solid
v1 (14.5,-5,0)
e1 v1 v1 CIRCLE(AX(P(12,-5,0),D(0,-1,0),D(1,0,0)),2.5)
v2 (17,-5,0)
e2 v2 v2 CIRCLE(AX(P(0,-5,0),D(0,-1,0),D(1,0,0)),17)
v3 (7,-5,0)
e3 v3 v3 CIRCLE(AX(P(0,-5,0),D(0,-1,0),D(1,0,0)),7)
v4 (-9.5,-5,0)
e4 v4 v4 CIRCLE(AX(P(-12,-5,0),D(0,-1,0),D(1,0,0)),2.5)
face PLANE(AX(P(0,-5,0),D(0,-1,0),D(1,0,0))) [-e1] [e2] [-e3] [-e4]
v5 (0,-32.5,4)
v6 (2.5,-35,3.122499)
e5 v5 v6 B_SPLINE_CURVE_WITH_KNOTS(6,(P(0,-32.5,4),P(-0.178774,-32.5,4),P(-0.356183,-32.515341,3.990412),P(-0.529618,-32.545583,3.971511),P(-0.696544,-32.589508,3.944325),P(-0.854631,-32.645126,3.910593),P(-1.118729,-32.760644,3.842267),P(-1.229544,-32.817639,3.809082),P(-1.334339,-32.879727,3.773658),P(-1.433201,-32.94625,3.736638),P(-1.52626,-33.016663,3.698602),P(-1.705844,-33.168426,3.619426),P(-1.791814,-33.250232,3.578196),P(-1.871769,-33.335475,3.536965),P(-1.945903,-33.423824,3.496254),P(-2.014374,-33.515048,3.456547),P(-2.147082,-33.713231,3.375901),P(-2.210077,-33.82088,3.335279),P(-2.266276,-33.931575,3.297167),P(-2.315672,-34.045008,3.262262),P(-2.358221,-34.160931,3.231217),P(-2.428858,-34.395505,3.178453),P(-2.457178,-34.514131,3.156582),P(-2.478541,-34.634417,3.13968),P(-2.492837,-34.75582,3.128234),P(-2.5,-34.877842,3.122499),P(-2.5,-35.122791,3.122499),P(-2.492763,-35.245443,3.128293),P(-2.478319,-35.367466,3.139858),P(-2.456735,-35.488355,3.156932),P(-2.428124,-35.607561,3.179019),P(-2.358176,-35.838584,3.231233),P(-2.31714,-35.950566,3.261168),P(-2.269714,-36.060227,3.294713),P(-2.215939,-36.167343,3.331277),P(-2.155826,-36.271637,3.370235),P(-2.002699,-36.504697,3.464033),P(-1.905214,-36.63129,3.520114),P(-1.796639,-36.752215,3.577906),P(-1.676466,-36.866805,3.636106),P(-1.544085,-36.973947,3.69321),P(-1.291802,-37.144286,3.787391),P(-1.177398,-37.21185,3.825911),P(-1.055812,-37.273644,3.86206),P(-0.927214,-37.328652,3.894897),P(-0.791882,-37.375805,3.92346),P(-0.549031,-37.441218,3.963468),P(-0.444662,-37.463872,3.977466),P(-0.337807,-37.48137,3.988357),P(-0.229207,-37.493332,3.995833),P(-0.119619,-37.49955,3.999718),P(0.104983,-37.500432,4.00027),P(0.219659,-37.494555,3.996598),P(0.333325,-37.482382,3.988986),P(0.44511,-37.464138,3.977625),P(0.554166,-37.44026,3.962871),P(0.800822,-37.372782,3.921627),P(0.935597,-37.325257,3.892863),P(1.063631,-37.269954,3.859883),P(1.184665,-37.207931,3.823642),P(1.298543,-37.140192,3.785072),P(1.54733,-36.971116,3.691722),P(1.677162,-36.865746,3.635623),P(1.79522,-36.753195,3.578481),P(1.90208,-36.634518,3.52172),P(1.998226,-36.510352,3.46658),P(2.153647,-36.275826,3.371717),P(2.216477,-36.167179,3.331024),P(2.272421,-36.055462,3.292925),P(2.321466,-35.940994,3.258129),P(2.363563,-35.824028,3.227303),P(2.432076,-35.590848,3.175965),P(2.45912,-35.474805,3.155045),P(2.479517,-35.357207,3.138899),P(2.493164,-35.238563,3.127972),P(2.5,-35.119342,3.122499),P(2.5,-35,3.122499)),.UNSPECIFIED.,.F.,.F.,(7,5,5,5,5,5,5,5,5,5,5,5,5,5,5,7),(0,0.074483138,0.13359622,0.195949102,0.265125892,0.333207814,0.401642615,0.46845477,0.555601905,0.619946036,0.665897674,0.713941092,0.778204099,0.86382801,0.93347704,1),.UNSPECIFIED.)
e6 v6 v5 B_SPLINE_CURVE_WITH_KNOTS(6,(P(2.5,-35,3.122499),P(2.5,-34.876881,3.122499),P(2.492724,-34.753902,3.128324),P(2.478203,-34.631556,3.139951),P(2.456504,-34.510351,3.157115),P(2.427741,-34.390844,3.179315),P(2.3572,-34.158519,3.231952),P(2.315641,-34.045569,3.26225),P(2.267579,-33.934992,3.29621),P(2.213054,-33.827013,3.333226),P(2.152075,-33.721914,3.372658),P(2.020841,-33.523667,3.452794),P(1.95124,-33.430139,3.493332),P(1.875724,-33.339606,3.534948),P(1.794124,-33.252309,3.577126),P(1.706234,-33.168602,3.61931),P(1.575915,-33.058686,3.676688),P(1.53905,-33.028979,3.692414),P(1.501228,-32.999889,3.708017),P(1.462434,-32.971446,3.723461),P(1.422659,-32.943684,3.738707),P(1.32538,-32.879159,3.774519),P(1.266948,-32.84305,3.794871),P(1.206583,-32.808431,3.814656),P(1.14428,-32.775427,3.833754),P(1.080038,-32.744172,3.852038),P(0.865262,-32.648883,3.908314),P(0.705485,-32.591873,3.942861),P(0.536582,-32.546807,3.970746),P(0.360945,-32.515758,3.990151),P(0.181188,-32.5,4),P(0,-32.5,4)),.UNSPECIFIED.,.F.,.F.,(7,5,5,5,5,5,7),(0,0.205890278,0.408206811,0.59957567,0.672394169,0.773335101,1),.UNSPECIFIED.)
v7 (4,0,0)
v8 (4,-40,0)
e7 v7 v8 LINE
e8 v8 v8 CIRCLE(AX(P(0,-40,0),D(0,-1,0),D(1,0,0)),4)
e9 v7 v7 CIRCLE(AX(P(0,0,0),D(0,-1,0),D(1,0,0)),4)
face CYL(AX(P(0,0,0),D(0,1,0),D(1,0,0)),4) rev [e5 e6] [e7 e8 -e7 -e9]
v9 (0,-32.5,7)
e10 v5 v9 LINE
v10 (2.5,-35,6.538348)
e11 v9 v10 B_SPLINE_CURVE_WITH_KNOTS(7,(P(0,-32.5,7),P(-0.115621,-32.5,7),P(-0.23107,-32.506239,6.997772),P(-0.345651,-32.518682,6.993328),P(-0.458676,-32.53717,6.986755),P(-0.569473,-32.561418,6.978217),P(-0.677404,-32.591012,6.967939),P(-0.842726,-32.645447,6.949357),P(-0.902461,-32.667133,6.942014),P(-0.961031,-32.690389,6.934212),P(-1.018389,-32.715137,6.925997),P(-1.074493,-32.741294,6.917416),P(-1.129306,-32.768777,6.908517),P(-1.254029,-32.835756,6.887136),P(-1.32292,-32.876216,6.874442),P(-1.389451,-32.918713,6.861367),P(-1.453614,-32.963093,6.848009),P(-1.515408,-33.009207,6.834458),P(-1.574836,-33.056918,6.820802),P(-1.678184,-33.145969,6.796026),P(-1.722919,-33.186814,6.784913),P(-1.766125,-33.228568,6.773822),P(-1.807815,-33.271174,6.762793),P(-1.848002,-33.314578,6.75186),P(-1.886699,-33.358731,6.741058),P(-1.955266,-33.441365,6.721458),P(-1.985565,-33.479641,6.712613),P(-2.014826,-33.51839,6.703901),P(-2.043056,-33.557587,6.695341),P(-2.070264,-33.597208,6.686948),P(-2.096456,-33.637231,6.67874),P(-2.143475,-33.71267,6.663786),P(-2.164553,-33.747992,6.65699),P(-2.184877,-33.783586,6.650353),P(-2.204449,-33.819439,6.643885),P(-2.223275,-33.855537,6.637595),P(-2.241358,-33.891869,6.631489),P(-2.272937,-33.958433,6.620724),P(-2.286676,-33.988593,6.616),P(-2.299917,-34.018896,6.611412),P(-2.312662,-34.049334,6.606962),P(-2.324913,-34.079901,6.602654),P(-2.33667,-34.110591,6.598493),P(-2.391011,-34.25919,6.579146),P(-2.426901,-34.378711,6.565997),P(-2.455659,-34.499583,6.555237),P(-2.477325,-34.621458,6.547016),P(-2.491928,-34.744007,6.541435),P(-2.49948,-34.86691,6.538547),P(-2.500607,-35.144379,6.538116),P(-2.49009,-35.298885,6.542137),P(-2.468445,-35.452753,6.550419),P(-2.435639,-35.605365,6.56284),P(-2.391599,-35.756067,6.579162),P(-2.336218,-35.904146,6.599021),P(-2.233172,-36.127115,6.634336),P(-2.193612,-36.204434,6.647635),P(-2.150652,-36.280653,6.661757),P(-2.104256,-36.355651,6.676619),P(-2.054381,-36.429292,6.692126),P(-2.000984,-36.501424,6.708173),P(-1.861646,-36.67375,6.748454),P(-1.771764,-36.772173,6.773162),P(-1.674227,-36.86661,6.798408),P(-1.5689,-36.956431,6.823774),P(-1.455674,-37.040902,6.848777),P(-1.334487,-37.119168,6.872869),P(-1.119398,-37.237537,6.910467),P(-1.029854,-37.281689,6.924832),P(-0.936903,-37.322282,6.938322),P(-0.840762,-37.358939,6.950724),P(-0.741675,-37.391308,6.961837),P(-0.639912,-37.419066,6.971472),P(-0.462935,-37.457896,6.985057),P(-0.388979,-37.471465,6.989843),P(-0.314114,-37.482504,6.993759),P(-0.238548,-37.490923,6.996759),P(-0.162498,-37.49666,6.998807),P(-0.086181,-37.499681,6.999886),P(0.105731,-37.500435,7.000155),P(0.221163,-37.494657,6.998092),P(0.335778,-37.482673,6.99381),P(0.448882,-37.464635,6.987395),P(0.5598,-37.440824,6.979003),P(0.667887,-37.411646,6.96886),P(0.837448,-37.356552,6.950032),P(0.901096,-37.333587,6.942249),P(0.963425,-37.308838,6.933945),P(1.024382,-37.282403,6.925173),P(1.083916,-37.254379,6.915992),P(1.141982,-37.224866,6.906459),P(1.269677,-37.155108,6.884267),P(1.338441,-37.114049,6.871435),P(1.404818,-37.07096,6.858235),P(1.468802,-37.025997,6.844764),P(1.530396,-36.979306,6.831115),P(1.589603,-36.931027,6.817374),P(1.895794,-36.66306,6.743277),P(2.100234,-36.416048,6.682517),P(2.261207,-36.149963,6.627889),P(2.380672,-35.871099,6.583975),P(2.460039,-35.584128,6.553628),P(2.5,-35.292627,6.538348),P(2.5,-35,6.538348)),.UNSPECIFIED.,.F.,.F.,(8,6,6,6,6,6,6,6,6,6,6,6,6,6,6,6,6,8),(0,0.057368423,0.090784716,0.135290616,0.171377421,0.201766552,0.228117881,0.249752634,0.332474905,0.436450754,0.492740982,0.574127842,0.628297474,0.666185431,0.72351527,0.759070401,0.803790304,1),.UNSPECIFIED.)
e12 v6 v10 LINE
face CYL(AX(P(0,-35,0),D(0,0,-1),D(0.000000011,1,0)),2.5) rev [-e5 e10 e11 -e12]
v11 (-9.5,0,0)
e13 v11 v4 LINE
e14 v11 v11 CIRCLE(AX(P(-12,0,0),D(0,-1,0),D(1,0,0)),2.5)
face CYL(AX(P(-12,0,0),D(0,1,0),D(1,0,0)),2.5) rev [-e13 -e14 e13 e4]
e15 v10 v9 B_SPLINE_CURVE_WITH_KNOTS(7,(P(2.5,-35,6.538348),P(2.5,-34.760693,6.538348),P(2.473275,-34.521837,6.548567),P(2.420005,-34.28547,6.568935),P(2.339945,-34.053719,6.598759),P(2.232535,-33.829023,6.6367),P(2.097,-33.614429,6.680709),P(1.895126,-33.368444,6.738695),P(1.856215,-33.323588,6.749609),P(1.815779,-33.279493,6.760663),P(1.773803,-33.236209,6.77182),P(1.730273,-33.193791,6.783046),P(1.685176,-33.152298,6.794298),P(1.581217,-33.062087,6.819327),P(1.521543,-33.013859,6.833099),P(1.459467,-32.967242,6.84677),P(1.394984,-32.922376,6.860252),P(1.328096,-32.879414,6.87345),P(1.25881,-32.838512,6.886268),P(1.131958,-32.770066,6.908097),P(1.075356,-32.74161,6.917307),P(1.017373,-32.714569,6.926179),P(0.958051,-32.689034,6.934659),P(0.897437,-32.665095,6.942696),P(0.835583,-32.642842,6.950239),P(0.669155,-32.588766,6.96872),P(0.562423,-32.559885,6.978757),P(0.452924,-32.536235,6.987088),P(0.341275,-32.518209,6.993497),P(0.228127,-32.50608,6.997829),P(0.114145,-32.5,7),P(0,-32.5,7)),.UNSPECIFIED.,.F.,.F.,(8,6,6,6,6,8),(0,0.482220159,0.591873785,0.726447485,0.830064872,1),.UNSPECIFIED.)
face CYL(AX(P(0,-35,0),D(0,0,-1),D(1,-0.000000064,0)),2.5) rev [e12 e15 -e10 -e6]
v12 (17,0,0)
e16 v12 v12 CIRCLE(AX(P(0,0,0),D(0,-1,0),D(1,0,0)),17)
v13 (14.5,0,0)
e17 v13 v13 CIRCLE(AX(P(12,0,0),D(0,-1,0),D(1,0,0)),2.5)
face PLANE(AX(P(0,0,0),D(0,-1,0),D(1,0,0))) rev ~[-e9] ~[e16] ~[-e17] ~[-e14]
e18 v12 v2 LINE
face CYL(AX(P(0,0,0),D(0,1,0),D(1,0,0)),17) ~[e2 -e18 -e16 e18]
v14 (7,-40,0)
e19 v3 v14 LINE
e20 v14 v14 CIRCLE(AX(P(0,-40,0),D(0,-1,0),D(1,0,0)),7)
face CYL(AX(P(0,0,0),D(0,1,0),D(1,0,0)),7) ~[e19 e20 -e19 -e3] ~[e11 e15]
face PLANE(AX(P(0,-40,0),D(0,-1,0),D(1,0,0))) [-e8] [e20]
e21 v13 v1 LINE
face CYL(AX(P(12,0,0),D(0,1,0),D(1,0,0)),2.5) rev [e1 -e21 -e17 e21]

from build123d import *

# Parameters (mm, degrees)
F0_R     = 17
F0_R_2   = 2.5
F0_R_3   = 7
F1_DEPTH = 5
F0_R_4   = 4
F2_DEPTH = 40
F4_DEPTH = 10


with BuildPart() as f1:
    # F0 (on Front) → F1 (new body)
    with BuildSketch(Plane.XZ):
        Circle(F0_R)
        with Locations((-12, 0)):
            Circle(F0_R_2, mode=Mode.SUBTRACT)
        Circle(F0_R_3, mode=Mode.SUBTRACT)
        with Locations((12, 0)):
            Circle(F0_R_2, mode=Mode.SUBTRACT)
    extrude(amount=F1_DEPTH)

    # F0 (on Front) → F2 (join)
    with BuildSketch(Plane.XZ):
        Circle(F0_R_3)
        Circle(F0_R_4, mode=Mode.SUBTRACT)
    extrude(amount=F2_DEPTH)

    # F3 (on Top) → F4 (cut)
    with BuildSketch(Plane.XY):
        with BuildLine():
            ThreePointArc((0, -32.5), (-1.767767, -36.767767), (2.5, -35))
            ThreePointArc((2.5, -35), (1.767767, -33.232233), (0, -32.5))
        make_face()
    extrude(amount=F4_DEPTH, mode=Mode.SUBTRACT)


solid = f1.part
